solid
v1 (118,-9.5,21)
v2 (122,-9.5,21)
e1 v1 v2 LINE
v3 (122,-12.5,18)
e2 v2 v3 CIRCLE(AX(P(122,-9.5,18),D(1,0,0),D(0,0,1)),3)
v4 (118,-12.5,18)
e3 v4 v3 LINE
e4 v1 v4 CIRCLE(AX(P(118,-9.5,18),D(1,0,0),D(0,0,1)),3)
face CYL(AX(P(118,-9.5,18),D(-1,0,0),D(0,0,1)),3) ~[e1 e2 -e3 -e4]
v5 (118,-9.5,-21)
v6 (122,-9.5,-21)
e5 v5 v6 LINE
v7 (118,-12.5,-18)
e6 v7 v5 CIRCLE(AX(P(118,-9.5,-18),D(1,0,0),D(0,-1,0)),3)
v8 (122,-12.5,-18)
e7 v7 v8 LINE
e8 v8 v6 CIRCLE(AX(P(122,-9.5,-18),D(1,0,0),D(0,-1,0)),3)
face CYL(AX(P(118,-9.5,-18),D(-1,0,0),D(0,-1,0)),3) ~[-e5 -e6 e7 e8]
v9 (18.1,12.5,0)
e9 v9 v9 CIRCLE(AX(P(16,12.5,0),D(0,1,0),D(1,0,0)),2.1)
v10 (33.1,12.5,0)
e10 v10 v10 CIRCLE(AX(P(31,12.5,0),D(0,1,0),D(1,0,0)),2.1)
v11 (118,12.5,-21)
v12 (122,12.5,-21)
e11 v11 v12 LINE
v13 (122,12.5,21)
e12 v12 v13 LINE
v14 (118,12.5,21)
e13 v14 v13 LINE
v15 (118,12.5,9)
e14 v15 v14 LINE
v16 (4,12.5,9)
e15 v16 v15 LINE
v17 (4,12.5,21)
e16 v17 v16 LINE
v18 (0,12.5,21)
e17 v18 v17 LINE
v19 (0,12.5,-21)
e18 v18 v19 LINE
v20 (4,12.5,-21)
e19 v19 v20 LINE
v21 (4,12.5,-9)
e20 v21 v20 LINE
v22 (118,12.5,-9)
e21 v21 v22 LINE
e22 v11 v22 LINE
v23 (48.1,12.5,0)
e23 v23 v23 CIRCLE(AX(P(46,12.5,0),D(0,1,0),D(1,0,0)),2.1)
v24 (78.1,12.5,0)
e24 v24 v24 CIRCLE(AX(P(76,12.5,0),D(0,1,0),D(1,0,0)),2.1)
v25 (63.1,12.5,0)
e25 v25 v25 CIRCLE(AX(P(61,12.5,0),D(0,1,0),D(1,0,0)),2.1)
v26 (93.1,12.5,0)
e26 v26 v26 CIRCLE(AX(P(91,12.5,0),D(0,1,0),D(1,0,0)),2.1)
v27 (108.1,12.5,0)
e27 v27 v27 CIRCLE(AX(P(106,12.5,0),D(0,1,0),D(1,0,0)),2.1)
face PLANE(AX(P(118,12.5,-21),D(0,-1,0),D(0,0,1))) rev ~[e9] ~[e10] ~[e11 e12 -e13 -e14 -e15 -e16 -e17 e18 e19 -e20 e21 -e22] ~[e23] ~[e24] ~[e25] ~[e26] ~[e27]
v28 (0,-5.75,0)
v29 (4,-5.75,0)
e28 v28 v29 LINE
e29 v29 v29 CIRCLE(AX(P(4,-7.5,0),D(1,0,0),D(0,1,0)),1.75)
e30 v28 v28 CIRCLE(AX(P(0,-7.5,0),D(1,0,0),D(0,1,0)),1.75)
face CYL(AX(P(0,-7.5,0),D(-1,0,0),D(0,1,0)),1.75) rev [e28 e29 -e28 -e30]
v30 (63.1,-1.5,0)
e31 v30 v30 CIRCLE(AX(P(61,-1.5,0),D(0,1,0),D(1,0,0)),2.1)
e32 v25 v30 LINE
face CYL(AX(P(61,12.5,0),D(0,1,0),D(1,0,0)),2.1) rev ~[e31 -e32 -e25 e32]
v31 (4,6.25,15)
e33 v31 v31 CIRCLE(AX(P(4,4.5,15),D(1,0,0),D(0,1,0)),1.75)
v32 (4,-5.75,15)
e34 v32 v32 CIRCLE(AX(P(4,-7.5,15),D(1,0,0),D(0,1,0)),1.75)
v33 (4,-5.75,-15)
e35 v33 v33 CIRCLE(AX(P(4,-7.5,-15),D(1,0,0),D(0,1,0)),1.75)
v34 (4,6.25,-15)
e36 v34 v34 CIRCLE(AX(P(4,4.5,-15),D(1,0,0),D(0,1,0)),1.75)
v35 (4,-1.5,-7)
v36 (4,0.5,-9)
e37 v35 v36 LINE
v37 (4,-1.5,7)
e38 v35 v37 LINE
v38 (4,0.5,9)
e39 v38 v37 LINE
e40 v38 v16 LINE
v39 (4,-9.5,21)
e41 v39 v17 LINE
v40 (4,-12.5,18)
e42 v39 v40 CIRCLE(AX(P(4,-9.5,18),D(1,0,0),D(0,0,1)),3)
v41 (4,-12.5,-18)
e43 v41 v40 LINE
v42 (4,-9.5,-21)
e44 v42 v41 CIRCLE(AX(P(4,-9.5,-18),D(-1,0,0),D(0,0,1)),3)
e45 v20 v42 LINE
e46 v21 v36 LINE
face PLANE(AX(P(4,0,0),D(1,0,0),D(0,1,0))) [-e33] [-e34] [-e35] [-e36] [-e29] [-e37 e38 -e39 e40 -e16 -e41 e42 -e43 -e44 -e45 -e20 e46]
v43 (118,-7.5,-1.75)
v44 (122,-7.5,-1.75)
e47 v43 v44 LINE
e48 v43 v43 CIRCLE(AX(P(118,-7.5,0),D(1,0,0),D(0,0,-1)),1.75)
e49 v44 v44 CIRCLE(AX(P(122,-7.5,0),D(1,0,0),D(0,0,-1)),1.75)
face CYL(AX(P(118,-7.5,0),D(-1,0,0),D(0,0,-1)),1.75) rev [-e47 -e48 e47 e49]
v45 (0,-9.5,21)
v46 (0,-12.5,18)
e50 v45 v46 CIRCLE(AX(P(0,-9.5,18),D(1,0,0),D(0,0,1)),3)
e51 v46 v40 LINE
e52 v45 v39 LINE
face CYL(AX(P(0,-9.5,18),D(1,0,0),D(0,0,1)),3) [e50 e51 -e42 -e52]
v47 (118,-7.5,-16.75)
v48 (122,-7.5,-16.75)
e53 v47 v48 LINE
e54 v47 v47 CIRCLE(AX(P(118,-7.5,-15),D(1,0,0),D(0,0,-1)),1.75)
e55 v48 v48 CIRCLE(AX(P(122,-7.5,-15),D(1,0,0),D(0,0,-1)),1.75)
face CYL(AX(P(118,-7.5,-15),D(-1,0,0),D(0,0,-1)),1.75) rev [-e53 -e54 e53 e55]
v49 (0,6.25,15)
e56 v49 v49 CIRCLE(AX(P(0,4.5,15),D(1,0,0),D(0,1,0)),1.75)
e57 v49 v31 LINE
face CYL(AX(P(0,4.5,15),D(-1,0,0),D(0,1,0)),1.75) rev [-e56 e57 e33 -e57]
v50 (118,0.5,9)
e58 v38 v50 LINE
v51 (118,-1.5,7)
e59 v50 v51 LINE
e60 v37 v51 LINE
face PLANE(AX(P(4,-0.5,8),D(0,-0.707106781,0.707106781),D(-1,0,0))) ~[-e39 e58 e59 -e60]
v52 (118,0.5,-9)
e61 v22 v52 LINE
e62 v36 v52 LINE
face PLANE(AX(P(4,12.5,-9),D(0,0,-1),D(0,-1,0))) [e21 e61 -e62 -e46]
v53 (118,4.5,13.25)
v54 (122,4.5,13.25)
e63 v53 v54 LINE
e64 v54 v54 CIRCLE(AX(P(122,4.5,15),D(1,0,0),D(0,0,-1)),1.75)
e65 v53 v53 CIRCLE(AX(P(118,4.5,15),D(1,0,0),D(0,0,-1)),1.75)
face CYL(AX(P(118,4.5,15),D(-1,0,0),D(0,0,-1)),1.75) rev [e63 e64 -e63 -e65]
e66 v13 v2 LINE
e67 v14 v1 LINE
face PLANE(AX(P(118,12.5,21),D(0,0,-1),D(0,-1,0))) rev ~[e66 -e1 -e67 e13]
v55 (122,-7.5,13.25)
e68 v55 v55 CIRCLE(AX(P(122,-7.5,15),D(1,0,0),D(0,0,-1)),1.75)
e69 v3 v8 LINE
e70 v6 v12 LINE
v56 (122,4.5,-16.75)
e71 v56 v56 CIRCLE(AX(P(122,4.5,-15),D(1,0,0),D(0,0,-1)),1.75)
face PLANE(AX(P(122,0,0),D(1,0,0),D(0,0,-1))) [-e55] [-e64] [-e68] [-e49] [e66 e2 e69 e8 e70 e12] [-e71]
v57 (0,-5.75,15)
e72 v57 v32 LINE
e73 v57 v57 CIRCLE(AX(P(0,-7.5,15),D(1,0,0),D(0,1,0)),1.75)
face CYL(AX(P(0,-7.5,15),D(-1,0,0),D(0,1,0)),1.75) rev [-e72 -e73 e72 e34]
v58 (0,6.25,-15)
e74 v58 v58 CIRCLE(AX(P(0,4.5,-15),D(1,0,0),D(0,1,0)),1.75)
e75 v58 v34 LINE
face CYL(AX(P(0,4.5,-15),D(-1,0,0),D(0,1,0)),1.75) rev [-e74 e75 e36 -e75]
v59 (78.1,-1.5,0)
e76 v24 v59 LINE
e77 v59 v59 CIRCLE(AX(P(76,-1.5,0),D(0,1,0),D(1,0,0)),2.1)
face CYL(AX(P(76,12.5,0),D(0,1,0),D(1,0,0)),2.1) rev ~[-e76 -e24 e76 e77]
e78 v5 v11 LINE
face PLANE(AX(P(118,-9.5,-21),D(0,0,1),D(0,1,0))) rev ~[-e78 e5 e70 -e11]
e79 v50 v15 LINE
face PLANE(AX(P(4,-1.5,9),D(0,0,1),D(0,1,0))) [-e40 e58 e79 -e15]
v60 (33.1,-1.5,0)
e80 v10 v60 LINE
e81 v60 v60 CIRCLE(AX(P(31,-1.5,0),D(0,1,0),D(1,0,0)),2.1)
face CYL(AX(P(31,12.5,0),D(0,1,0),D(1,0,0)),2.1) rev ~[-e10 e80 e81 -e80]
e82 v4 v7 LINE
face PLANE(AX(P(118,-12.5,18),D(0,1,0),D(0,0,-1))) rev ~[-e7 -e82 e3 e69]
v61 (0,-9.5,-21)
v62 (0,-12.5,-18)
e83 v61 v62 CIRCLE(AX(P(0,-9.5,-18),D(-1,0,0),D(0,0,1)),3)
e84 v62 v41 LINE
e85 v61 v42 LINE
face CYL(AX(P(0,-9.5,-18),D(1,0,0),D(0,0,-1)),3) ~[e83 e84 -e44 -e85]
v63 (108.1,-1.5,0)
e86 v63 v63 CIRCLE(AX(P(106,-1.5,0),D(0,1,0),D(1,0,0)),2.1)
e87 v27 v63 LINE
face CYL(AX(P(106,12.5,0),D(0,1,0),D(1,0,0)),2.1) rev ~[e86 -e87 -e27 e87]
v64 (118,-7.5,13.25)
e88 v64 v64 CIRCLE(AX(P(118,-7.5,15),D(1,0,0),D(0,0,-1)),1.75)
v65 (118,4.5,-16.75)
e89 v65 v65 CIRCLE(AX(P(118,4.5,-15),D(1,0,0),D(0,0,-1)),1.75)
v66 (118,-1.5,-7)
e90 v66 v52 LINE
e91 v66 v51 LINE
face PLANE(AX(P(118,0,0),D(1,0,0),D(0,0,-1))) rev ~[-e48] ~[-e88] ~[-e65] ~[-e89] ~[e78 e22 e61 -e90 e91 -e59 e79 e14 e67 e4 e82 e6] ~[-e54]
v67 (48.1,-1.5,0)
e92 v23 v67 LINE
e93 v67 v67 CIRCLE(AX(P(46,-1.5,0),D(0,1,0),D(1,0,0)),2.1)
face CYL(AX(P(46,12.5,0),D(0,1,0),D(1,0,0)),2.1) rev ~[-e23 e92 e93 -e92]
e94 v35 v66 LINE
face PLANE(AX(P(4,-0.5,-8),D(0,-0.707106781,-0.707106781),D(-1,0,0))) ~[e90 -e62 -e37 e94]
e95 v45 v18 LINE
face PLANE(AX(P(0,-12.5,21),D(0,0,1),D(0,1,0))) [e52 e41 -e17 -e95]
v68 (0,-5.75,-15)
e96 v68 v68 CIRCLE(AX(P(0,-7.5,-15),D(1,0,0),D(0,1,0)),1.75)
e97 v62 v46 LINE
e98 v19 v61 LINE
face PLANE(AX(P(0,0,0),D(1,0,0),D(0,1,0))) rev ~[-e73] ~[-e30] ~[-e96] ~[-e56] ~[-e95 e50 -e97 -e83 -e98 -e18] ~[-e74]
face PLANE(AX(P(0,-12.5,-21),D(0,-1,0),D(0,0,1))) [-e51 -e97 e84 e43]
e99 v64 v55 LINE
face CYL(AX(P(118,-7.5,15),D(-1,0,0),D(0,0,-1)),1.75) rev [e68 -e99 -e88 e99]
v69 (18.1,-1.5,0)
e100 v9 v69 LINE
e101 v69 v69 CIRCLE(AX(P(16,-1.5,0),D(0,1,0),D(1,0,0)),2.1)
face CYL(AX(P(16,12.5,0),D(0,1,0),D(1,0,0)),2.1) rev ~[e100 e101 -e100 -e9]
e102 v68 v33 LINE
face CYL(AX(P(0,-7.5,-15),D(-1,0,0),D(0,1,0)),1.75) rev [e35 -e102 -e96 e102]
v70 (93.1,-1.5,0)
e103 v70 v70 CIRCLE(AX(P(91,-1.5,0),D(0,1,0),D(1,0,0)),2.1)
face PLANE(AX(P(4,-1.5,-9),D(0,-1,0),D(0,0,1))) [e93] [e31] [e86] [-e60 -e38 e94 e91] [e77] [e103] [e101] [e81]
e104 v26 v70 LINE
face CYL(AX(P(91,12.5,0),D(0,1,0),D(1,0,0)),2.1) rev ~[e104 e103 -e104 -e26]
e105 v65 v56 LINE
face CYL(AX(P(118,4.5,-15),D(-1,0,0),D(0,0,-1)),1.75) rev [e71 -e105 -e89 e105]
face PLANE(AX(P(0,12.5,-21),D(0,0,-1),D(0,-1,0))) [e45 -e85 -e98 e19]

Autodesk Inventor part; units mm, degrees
ref_plane "YZ Plane" through (0, 0, 0) normal (1, 0, 0) x (0, 1, 0)
ref_plane "XZ Plane" through (0, 0, 0) normal (0, 1, 0) x (-1, 0, 0)
ref_plane "XY Plane" through (0, 0, 0) normal (0, 0, 1) x (1, 0, 0)
sketch "草图1" plane through (0, 0, 0) normal (1, 0, 0) x (0, 1, 0)
  line L0 (-12.5, 21) -> (12.5, 21)
  line L1 (12.5, 21) -> (12.5, -21)
  line L2 (12.5, -21) -> (-12.5, -21)
  line L3 (-12.5, -21) -> (-12.5, 21)
  line L4 (-12.5, 21) -> (12.5, -21) construction
  line L5 (12.5, 21) -> (-12.5, -21) construction
  line L6 (-7.5, -15) -> (4.5, -15) construction
  line L7 (4.5, -15) -> (4.5, 15) construction
  line L8 (4.5, 15) -> (-7.5, 15) construction
  line L9 (-7.5, 15) -> (-7.5, -15) construction
  line L10 (-7.5, -15) -> (4.5, 15) construction
  line L11 (4.5, -15) -> (-7.5, 15) construction
  line L12 (18.2853, 0) -> (0, 0) construction
  circle A0 centre (4.5, -15) radius 1.75
  circle A1 centre (4.5, 15) radius 1.75
  circle A2 centre (-7.5, 15) radius 1.75
  circle A3 centre (-7.5, 0) radius 1.75
  circle A4 centre (-7.5, -15) radius 1.75
  point P0 (-1.5, 0)
  dimension "d0" = 42
  dimension "d1" = 25
  dimension "d4" = 8
  dimension "d5" = 20
  dimension "d6" = 30
  dimension "d7" = 3.5
  dimension "d8" = 3.5
  dimension "d9" = 3.5
  dimension "d10" = 3.5
  dimension "d11" = 3.5
extrude "拉伸1" add sketch "草图1" along normal blind 4
fillet "圆角1" radius 3 2 edges at (2, -12.5, -21) (2, -12.5, 21)
sketch "草图2" plane through (4, 0, 0) normal (1, 0, 0) x (0, 0, -1)
  line L0 (21, 12.5) -> (-21, 12.5) projected
  line L1 (9, -1.5) -> (-9, -1.5)
  line L2 (-9, -1.5) -> (-9, 12.5)
  line L3 (-9, 12.5) -> (9, 12.5)
  line L4 (9, 12.5) -> (9, -1.5)
  line L5 (9, -1.5) -> (-9, 12.5) construction
  line L6 (-9, -1.5) -> (9, 12.5) construction
  line L7 (0, -21.7484) -> (0, 21.3342) construction
  point P0 (0, 0)
  point P1 (0, 5.5)
  point P2 (9, 12.5)
  dimension "d15" = 18
  dimension "d16" = 14
extrude "拉伸2" add sketch "草图2" along normal blind 114
sketch "草图3" plane through (118, 0, 0) normal (1, 0, 0) x (0, 0, -1)
  arc A0 (-21, -9.5) -> (-18, -12.5) centre (-18, -9.5) ccw projected
  line L0 (-21, 12.5) -> (-21, -9.5) projected
  line L1 (21, 12.5) -> (-21, 12.5) projected
  line L2 (21, -9.5) -> (21, 12.5) projected
  arc A1 (18, -12.5) -> (21, -9.5) centre (18, -9.5) ccw projected
  line L3 (-18, -12.5) -> (18, -12.5) projected
  circle A2 centre (15, -7.5) radius 1.75 projected
  circle A3 centre (0, -7.5) radius 1.75 projected
  circle A4 centre (-15, -7.5) radius 1.75 projected
  circle A5 centre (-15, 4.5) radius 1.75 projected
  circle A6 centre (15, 4.5) radius 1.75 projected
  point P0 (0, 0)
extrude "拉伸3" add sketch "草图3" along normal blind 4
chamfer "倒角1" distance 2 angle 45 2 edges at (61, -1.5, -9) (61, -1.5, 9)
sketch "草图4" plane through (0, 12.5, 21) normal (0, 1, 0) x (1, 0, 0)
  line L0 (61, 0.1174) -> (61, 41.8826) construction
  line L1 (122, 42) -> (122, 0) projected
  line L2 (0, 42) -> (0, 0) projected
  circle A0 centre (61, 21) radius 2.1
  line L3 (122, 21) -> (0, 21) construction
  circle A1 centre (46, 21) radius 2.1
  circle A2 centre (31, 21) radius 2.1
  circle A3 centre (16, 21) radius 2.1
  circle A4 centre (76, 21) radius 2.1
  circle A5 centre (61, 21) radius 2.1
  circle A6 centre (46, 21) radius 2.1
  circle A7 centre (31, 21) radius 2.1
  circle A8 centre (91, 21) radius 2.1
  circle A9 centre (76, 21) radius 2.1
  circle A10 centre (61, 21) radius 2.1
  circle A11 centre (46, 21) radius 2.1
  circle A12 centre (106, 21) radius 2.1
  circle A13 centre (91, 21) radius 2.1
  circle A14 centre (76, 21) radius 2.1
  circle A15 centre (61, 21) radius 2.1
  dimension "d24" = 61
  dimension "d25" = 61
  dimension "d26" = 4.2
  dimension "d29" = 15
  dimension "d32" = 15
extrude "拉伸4" cut sketch "草图4" against normal through all
properties part number "加强梁"
